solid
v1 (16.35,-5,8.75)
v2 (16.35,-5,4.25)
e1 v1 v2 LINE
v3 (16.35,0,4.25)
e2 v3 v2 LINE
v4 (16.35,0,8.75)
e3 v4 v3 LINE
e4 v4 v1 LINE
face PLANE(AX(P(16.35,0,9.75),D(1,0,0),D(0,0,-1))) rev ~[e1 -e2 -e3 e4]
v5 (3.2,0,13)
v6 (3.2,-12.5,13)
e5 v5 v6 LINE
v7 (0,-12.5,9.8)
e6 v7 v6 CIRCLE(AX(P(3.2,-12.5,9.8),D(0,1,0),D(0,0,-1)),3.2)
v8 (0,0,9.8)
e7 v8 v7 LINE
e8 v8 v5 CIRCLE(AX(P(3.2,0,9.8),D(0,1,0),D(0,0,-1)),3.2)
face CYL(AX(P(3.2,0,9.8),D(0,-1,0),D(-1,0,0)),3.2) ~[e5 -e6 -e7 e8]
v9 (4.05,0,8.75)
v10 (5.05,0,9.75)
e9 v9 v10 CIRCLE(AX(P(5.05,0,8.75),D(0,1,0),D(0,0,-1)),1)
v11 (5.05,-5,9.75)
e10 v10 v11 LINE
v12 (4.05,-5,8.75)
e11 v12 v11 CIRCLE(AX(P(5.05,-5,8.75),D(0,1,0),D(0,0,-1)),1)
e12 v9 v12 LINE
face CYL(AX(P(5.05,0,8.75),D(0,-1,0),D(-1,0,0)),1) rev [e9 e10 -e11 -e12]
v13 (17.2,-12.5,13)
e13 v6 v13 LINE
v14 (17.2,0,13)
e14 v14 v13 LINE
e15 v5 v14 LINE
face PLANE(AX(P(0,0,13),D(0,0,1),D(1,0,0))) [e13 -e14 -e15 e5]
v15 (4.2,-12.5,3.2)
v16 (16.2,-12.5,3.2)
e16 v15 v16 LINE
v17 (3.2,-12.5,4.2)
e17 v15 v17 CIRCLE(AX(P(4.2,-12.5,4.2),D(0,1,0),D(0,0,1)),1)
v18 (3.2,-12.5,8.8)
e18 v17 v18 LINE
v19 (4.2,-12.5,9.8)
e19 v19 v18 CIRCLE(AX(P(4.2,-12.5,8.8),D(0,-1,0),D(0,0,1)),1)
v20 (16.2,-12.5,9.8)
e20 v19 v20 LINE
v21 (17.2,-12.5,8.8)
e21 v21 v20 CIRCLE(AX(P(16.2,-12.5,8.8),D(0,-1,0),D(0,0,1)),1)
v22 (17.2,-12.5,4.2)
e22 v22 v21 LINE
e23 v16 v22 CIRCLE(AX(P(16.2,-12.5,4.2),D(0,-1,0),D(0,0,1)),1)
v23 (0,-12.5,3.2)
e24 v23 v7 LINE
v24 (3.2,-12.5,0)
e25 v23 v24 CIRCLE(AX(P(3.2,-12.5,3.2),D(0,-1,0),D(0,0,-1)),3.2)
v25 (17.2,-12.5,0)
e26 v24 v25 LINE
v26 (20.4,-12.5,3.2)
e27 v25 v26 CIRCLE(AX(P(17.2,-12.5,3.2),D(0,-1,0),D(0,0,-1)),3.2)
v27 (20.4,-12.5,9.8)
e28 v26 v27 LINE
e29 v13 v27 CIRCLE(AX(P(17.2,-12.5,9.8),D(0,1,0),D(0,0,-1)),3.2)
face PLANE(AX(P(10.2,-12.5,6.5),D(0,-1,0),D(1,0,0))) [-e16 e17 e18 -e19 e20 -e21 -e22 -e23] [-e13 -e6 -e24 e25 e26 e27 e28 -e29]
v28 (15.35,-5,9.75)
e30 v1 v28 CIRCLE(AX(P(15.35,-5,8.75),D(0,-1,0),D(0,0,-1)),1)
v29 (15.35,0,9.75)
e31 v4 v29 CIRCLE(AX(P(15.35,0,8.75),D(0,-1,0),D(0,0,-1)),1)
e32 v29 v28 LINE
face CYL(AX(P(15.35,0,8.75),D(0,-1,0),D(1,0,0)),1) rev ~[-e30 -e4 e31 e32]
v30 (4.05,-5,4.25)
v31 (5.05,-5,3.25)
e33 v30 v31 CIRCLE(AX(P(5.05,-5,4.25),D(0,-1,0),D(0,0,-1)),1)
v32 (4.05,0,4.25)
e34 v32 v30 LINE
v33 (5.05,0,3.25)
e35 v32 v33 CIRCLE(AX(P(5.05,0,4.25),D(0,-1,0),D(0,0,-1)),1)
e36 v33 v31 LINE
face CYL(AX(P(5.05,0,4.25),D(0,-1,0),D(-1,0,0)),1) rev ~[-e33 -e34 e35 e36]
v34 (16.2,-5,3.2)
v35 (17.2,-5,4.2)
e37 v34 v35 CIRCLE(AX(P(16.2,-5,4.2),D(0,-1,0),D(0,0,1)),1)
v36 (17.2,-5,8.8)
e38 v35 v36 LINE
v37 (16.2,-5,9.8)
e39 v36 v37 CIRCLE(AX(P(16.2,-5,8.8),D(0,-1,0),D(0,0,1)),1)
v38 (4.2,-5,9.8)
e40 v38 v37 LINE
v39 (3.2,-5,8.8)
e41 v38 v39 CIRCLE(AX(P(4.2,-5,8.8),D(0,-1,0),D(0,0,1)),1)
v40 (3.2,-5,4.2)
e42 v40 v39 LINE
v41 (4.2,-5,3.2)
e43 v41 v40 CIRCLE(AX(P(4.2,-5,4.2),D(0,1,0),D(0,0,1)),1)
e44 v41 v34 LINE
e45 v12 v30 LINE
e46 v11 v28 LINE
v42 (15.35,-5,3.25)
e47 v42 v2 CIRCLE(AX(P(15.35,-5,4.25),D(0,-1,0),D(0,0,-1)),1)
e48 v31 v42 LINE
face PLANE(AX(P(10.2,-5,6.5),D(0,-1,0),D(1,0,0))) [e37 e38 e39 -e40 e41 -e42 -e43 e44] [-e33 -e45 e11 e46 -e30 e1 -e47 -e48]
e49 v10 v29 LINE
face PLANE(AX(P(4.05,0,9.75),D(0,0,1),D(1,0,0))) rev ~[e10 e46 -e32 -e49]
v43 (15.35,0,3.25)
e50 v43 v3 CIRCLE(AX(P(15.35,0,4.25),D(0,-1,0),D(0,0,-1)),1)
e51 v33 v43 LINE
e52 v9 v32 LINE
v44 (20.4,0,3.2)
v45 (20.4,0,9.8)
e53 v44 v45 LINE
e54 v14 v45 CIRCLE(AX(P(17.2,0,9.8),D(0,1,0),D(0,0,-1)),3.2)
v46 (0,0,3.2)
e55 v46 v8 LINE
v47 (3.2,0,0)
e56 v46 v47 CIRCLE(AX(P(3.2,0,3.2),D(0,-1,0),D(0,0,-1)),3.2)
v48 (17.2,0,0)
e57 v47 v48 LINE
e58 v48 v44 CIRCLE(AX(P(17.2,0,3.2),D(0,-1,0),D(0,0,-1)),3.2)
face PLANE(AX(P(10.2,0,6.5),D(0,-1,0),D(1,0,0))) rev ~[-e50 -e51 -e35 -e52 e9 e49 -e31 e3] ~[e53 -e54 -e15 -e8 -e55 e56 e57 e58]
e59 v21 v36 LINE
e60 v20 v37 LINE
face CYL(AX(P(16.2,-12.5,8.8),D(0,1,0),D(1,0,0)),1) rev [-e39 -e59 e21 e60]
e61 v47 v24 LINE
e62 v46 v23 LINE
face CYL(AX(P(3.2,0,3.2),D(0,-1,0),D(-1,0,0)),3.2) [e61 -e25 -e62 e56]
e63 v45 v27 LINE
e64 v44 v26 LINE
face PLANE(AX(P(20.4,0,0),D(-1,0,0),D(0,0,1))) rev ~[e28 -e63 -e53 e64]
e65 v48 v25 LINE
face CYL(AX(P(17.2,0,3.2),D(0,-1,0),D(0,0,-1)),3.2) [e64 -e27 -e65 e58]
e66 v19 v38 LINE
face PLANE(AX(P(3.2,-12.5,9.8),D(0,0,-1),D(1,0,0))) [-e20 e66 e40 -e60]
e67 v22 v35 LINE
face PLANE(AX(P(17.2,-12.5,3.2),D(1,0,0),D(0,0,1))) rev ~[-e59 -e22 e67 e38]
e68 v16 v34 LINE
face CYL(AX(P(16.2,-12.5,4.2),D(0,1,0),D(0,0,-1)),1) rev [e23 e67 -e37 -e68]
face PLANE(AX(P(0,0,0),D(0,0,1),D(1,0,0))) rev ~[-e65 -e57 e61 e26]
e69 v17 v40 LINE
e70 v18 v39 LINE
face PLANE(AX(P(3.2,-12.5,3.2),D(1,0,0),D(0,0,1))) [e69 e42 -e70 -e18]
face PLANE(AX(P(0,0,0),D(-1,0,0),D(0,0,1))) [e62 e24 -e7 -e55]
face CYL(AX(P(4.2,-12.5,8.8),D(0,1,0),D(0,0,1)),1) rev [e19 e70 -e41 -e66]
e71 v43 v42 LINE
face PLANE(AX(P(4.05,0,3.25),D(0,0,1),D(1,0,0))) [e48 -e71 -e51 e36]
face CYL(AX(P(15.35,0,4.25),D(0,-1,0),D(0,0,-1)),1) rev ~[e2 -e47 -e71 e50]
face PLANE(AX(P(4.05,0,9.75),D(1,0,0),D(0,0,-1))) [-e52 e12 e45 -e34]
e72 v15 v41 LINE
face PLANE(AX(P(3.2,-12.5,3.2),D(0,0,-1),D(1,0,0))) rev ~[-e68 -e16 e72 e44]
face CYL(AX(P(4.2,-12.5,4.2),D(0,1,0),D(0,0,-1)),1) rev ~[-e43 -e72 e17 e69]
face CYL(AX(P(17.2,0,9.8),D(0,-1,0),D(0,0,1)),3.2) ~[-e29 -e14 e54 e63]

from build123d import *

# Parameters (mm, degrees)
SKETCH058_W     = 20.4
SKETCH058_H     = 13
PAD032_DEPTH    = 12.5
SKETCH059_W     = 14
SKETCH059_H     = 6.6
POCKET027_DEPTH = 7.5
SKETCH060_W     = 12.3
SKETCH060_H     = 6.5
POCKET028_DEPTH = 5
FILLET027_R     = 1
FILLET028_R     = 3.2


with BuildPart() as part:
    # Sketch058 → Pad032 (new body)
    with BuildSketch(Plane.XZ):
        with Locations((10.2, 6.5)):
            Rectangle(SKETCH058_W, SKETCH058_H)
    extrude(amount=PAD032_DEPTH)

    # Sketch059 (on Face6 of Pad032) → Pocket027 (cut)
    with BuildSketch(Plane.XZ.offset(12.5)):
        with Locations((10.2, 6.5)):
            Rectangle(SKETCH059_W, SKETCH059_H)
    extrude(amount=-POCKET027_DEPTH, mode=Mode.SUBTRACT)

    # Sketch060 (on Face4 of Pocket027) → Pocket028 (cut)
    with BuildSketch(Plane(origin=(0, 0, 0), x_dir=(1, 0, 0), z_dir=(0, 1, 0))):
        with Locations((10.2, -6.5)):
            Rectangle(SKETCH060_W, SKETCH060_H)
    extrude(amount=-POCKET028_DEPTH, mode=Mode.SUBTRACT)

    # Fillet027
    fillet027_edges = [part.edges().sort_by_distance(p)[0] for p in [
        (16.35, -2.5, 9.75),
        (4.05, -2.5, 9.75),
        (4.05, -2.5, 3.25),
        (16.35, -2.5, 3.25),
        (17.2, -8.75, 9.8),
        (17.2, -8.75, 3.2),
        (3.2, -8.75, 3.2),
        (3.2, -8.75, 9.8),
    ]]
    fillet(fillet027_edges, radius=FILLET027_R)

    # Fillet028
    fillet028_edges = [part.edges().sort_by_distance(p)[0] for p in [
        (0, -6.25, 13),
        (0, -6.25, 0),
        (20.4, -6.25, 13),
        (20.4, -6.25, 0),
    ]]
    fillet(fillet028_edges, radius=FILLET028_R)


solid = part.part
